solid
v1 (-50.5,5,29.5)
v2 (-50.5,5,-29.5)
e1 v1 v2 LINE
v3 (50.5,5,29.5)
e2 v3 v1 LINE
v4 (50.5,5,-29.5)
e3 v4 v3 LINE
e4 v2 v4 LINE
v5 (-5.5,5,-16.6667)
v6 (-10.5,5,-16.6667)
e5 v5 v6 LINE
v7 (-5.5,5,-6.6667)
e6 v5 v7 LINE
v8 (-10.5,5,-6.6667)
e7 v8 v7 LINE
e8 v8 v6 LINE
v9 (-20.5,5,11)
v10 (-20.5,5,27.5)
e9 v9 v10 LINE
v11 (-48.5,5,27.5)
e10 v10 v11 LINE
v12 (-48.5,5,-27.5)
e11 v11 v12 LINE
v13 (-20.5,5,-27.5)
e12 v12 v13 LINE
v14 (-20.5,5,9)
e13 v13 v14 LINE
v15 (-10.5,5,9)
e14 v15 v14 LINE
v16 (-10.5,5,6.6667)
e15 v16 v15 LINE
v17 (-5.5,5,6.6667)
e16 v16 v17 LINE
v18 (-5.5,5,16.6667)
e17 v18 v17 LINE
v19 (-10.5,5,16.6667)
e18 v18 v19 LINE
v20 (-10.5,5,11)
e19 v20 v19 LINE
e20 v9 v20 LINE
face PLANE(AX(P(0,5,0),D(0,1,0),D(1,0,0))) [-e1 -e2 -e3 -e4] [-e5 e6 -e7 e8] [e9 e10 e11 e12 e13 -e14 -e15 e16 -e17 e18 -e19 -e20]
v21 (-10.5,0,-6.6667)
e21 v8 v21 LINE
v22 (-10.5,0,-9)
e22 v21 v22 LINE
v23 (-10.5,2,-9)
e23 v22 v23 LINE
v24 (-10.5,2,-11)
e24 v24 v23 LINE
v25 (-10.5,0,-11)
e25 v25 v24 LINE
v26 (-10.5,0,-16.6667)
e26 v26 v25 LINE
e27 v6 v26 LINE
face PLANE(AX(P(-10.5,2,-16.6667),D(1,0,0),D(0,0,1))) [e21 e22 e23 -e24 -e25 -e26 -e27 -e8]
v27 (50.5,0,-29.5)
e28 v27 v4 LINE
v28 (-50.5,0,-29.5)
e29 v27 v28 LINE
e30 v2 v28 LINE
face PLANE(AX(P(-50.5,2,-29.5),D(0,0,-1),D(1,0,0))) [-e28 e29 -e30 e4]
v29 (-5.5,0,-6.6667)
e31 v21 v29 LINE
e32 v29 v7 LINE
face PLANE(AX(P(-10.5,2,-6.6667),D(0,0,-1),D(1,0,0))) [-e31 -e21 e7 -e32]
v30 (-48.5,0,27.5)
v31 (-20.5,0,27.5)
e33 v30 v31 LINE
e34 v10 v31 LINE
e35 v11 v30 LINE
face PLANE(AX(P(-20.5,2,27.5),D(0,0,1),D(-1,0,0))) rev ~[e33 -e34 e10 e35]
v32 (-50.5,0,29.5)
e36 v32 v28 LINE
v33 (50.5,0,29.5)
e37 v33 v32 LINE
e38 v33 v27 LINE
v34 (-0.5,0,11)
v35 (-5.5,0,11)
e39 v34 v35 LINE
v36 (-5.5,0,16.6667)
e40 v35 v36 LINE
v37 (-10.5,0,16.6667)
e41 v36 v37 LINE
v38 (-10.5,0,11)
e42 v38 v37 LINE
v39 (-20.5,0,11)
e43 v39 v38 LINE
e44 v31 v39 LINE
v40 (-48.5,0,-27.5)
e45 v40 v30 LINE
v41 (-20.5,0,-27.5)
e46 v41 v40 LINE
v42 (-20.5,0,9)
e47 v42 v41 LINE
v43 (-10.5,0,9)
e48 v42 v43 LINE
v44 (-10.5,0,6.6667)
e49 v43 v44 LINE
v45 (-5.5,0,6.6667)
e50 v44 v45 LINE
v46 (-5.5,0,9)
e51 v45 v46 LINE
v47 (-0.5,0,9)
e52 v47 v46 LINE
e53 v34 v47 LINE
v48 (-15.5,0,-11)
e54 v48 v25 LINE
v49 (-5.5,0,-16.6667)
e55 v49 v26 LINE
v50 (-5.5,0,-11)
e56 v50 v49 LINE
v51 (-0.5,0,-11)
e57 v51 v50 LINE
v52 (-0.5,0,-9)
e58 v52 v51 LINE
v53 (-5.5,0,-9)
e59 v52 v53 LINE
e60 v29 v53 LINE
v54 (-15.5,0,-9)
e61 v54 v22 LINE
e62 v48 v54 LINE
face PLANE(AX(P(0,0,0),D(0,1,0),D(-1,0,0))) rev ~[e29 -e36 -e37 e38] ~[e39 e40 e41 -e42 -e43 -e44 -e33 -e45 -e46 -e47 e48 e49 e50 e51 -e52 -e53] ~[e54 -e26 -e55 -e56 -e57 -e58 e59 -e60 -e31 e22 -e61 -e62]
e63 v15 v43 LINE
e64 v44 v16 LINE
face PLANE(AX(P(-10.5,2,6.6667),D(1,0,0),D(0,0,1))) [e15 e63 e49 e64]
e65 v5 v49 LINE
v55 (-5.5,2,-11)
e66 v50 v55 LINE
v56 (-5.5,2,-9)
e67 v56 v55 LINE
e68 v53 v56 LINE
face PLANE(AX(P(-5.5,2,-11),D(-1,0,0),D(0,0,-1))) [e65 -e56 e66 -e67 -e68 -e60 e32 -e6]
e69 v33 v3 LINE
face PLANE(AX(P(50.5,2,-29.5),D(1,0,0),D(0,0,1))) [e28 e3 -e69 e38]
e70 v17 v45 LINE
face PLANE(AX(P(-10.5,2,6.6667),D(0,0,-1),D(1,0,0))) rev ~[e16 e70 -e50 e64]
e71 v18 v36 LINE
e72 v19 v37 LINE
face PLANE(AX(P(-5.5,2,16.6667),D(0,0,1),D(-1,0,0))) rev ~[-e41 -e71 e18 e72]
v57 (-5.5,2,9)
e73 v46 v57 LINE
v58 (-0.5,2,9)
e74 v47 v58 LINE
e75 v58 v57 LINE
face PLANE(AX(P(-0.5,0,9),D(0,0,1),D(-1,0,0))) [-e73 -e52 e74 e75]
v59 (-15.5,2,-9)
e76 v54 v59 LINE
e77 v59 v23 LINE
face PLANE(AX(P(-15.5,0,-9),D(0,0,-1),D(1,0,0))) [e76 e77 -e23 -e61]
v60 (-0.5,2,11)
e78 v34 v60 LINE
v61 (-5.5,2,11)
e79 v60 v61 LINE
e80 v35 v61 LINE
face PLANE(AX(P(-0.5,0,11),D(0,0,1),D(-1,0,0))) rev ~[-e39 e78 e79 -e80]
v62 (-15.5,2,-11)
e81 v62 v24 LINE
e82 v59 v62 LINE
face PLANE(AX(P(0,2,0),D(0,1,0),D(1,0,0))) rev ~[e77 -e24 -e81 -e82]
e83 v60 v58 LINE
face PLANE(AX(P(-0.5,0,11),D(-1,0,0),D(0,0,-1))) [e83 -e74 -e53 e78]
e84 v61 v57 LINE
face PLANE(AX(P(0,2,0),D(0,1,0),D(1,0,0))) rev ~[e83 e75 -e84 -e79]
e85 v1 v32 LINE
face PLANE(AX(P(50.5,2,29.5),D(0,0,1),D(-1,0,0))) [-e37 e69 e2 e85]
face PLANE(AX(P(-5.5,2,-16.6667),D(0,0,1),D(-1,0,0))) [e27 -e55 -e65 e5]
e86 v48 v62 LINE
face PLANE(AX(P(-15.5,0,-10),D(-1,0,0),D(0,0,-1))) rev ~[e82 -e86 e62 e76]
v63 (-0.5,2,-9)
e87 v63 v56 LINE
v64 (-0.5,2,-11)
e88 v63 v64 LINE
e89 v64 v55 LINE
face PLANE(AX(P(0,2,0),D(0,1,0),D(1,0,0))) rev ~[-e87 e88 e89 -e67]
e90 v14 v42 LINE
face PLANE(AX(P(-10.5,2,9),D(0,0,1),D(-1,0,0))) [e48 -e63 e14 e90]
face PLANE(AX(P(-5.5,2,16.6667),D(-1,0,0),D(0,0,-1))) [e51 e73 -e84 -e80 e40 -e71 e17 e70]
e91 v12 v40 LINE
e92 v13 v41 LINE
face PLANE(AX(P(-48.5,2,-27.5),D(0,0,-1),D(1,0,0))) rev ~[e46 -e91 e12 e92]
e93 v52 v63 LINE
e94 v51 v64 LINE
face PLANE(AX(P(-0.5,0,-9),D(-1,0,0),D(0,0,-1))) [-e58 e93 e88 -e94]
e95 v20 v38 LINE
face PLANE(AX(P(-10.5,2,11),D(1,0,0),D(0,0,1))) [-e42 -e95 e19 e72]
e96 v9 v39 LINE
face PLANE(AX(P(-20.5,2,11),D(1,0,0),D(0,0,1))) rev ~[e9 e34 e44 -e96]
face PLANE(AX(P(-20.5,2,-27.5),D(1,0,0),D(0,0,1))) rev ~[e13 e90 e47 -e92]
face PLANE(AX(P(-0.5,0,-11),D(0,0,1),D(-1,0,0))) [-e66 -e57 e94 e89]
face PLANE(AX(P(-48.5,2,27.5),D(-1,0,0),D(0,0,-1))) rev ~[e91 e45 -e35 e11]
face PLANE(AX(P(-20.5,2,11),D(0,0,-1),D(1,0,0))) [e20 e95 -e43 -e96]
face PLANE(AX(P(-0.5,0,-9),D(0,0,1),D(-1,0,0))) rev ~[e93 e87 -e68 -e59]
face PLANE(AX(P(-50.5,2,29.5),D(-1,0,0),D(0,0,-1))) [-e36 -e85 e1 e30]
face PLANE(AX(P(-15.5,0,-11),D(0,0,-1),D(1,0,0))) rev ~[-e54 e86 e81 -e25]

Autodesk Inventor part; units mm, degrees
ref_plane "YZ Plane" through (0, 0, 0) normal (1, 0, 0) x (0, 1, 0)
ref_plane "XZ Plane" through (0, 0, 0) normal (0, 1, 0) x (-1, 0, 0)
ref_plane "XY Plane" through (0, 0, 0) normal (0, 0, 1) x (1, 0, 0)
sketch "Sketch1" plane through (0, 0, 0) normal (0, 1, 0) x (-1, 0, 0)
  line L0 (-50.5, -29.5) -> (50.5, -29.5)
  line L1 (50.5, -29.5) -> (50.5, 29.5)
  line L2 (50.5, 29.5) -> (-50.5, 29.5)
  line L3 (-50.5, 29.5) -> (-50.5, -29.5)
  line L4 (-50.5, -29.5) -> (50.5, 29.5) construction
  line L5 (50.5, -29.5) -> (-50.5, 29.5) construction
  line L6 (48.5, 27.5) -> (20.5, 27.5)
  line L7 (20.5, 27.5) -> (20.5, -27.5)
  line L8 (20.5, -27.5) -> (48.5, -27.5)
  line L9 (48.5, -27.5) -> (48.5, 27.5)
  line L10 (48.5, 27.5) -> (48.5, 29.5)
  line L11 (48.5, -27.5) -> (48.5, -29.5)
  line L12 (48.5, -27.5) -> (50.5, -27.5)
  line L13 (15.5, -9) -> (15.5, -11)
  line L14 (15.5, -11) -> (10.5, -11)
  line L15 (15.5, -9) -> (10.5, -9)
  line L16 (15.5, -10) -> (10.5, -10)
  line L17 (10.5, 16.6667) -> (10.5, 13.3333)
  line L18 (10.5, 13.3333) -> (10.5, 10)
  line L19 (10.5, 10) -> (10.5, 6.6667)
  line L20 (10.5, 6.6667) -> (5.5, 6.6667)
  line L21 (5.5, 6.6667) -> (5.5, 16.6667)
  line L22 (5.5, 16.6667) -> (10.5, 16.6667)
  line L23 (10.5, -6.6667) -> (5.5, -6.6667)
  line L24 (5.5, -6.6667) -> (5.5, -16.6667)
  line L25 (5.5, -16.6667) -> (10.5, -16.6667)
  line L26 (10.5, 6.6667) -> (10.5, -6.6667)
  line L27 (10.5, -6.6667) -> (10.5, -10)
  line L28 (10.5, -10) -> (10.5, -13.3333)
  line L29 (10.5, -13.3333) -> (10.5, -16.6667)
  line L30 (50.5, 0) -> (-50.5, 0)
  line L31 (20.5, 9) -> (20.5, 11)
  line L32 (20.5, 11) -> (10.5, 11)
  line L33 (20.5, 9) -> (10.5, 9)
  line L34 (20.5, 10) -> (10.5, 10)
  line L35 (0.5, 11) -> (0.5, 9)
  line L36 (0.5, 9) -> (5.5, 9)
  line L37 (0.5, 11) -> (5.5, 11)
  line L38 (0.5, -9) -> (0.5, -11)
  line L39 (0.5, -11) -> (5.5, -11)
  line L40 (0.5, -9) -> (5.5, -9)
  line L41 (20.5, 11) -> (10.5, 11)
  line L42 (10.5, 11) -> (10.5, 9)
  line L43 (10.5, 9) -> (20.5, 9)
  line L44 (20.5, 9) -> (20.5, 11)
  point P0 (0, 0)
  point P1 (10.5, 0)
  dimension "d0" = 101
  dimension "d1" = 59
  dimension "d2" = 2
  dimension "d3" = 28
  dimension "d4" = 10
  dimension "d5" = 5
  dimension "d6" = 20
  dimension "d7" = 2
  dimension "d8" = 10
  dimension "d9" = 5
extrude "Extrusion1" add sketch "Sketch1" along normal blind 2 contours L3 L30 L7 L8 L11 L0 | L11 L12 L1 L0 | L3 L2 L10 L6 L7 L32 L18 L17 L22 L21 L37 L35 L36 L20 L26 L30 | L9 L30 L1 L12 | L26 L19 L33 L7 L30 | L9 L10 L2 L1 L30
sketch "Sketch2" plane through (0, 2, 0) normal (0, 1, 0) x (1, 0, 0)
  line L0 (50.5, -29.5) -> (-50.5, -29.5)
  line L1 (-50.5, -29.5) -> (-50.5, 29.5)
  line L2 (-50.5, 29.5) -> (50.5, 29.5)
  line L3 (50.5, 29.5) -> (50.5, -29.5)
  line L4 (-10.5, -6.6667) -> (-5.5, -6.6667) projected
  line L5 (-5.5, -16.6667) -> (-10.5, -16.6667) projected
  line L6 (-5.5, -6.6667) -> (-10.5, -6.6667)
  line L7 (-10.5, -6.6667) -> (-10.5, -16.6667)
  line L8 (-10.5, -16.6667) -> (-5.5, -16.6667)
  line L9 (-5.5, -16.6667) -> (-5.5, -6.6667)
  line L10 (-20.5, -11) -> (-20.5, -27.5) projected
  line L11 (-20.5, -27.5) -> (-48.5, -27.5)
  line L12 (-48.5, -27.5) -> (-48.5, 27.5)
  line L13 (-48.5, 27.5) -> (-20.5, 27.5)
  line L14 (-20.5, 27.5) -> (-20.5, -27.5)
  line L15 (-5.5, 11) -> (-5.5, 16.6667) projected
  line L16 (-10.5, 9) -> (-10.5, 6.6667) projected
  line L17 (-5.5, 16.6667) -> (-10.5, 16.6667)
  line L18 (-10.5, 16.6667) -> (-10.5, 6.6667)
  line L19 (-10.5, 6.6667) -> (-5.5, 6.6667)
  line L20 (-5.5, 6.6667) -> (-5.5, 16.6667)
  line L21 (-10.5, -9) -> (-20.5, -9) projected
  line L22 (-20.5, -11) -> (-10.5, -11) projected
  line L23 (-10.5, -9) -> (-20.5, -9)
  line L24 (-20.5, -9) -> (-20.5, -11)
  line L25 (-20.5, -11) -> (-10.5, -11)
  line L26 (-10.5, -11) -> (-10.5, -9)
  point P0 (0, 0)
extrude "Extrusion2" add sketch "Sketch2" along normal blind 3
properties part number "Lag2-3"
